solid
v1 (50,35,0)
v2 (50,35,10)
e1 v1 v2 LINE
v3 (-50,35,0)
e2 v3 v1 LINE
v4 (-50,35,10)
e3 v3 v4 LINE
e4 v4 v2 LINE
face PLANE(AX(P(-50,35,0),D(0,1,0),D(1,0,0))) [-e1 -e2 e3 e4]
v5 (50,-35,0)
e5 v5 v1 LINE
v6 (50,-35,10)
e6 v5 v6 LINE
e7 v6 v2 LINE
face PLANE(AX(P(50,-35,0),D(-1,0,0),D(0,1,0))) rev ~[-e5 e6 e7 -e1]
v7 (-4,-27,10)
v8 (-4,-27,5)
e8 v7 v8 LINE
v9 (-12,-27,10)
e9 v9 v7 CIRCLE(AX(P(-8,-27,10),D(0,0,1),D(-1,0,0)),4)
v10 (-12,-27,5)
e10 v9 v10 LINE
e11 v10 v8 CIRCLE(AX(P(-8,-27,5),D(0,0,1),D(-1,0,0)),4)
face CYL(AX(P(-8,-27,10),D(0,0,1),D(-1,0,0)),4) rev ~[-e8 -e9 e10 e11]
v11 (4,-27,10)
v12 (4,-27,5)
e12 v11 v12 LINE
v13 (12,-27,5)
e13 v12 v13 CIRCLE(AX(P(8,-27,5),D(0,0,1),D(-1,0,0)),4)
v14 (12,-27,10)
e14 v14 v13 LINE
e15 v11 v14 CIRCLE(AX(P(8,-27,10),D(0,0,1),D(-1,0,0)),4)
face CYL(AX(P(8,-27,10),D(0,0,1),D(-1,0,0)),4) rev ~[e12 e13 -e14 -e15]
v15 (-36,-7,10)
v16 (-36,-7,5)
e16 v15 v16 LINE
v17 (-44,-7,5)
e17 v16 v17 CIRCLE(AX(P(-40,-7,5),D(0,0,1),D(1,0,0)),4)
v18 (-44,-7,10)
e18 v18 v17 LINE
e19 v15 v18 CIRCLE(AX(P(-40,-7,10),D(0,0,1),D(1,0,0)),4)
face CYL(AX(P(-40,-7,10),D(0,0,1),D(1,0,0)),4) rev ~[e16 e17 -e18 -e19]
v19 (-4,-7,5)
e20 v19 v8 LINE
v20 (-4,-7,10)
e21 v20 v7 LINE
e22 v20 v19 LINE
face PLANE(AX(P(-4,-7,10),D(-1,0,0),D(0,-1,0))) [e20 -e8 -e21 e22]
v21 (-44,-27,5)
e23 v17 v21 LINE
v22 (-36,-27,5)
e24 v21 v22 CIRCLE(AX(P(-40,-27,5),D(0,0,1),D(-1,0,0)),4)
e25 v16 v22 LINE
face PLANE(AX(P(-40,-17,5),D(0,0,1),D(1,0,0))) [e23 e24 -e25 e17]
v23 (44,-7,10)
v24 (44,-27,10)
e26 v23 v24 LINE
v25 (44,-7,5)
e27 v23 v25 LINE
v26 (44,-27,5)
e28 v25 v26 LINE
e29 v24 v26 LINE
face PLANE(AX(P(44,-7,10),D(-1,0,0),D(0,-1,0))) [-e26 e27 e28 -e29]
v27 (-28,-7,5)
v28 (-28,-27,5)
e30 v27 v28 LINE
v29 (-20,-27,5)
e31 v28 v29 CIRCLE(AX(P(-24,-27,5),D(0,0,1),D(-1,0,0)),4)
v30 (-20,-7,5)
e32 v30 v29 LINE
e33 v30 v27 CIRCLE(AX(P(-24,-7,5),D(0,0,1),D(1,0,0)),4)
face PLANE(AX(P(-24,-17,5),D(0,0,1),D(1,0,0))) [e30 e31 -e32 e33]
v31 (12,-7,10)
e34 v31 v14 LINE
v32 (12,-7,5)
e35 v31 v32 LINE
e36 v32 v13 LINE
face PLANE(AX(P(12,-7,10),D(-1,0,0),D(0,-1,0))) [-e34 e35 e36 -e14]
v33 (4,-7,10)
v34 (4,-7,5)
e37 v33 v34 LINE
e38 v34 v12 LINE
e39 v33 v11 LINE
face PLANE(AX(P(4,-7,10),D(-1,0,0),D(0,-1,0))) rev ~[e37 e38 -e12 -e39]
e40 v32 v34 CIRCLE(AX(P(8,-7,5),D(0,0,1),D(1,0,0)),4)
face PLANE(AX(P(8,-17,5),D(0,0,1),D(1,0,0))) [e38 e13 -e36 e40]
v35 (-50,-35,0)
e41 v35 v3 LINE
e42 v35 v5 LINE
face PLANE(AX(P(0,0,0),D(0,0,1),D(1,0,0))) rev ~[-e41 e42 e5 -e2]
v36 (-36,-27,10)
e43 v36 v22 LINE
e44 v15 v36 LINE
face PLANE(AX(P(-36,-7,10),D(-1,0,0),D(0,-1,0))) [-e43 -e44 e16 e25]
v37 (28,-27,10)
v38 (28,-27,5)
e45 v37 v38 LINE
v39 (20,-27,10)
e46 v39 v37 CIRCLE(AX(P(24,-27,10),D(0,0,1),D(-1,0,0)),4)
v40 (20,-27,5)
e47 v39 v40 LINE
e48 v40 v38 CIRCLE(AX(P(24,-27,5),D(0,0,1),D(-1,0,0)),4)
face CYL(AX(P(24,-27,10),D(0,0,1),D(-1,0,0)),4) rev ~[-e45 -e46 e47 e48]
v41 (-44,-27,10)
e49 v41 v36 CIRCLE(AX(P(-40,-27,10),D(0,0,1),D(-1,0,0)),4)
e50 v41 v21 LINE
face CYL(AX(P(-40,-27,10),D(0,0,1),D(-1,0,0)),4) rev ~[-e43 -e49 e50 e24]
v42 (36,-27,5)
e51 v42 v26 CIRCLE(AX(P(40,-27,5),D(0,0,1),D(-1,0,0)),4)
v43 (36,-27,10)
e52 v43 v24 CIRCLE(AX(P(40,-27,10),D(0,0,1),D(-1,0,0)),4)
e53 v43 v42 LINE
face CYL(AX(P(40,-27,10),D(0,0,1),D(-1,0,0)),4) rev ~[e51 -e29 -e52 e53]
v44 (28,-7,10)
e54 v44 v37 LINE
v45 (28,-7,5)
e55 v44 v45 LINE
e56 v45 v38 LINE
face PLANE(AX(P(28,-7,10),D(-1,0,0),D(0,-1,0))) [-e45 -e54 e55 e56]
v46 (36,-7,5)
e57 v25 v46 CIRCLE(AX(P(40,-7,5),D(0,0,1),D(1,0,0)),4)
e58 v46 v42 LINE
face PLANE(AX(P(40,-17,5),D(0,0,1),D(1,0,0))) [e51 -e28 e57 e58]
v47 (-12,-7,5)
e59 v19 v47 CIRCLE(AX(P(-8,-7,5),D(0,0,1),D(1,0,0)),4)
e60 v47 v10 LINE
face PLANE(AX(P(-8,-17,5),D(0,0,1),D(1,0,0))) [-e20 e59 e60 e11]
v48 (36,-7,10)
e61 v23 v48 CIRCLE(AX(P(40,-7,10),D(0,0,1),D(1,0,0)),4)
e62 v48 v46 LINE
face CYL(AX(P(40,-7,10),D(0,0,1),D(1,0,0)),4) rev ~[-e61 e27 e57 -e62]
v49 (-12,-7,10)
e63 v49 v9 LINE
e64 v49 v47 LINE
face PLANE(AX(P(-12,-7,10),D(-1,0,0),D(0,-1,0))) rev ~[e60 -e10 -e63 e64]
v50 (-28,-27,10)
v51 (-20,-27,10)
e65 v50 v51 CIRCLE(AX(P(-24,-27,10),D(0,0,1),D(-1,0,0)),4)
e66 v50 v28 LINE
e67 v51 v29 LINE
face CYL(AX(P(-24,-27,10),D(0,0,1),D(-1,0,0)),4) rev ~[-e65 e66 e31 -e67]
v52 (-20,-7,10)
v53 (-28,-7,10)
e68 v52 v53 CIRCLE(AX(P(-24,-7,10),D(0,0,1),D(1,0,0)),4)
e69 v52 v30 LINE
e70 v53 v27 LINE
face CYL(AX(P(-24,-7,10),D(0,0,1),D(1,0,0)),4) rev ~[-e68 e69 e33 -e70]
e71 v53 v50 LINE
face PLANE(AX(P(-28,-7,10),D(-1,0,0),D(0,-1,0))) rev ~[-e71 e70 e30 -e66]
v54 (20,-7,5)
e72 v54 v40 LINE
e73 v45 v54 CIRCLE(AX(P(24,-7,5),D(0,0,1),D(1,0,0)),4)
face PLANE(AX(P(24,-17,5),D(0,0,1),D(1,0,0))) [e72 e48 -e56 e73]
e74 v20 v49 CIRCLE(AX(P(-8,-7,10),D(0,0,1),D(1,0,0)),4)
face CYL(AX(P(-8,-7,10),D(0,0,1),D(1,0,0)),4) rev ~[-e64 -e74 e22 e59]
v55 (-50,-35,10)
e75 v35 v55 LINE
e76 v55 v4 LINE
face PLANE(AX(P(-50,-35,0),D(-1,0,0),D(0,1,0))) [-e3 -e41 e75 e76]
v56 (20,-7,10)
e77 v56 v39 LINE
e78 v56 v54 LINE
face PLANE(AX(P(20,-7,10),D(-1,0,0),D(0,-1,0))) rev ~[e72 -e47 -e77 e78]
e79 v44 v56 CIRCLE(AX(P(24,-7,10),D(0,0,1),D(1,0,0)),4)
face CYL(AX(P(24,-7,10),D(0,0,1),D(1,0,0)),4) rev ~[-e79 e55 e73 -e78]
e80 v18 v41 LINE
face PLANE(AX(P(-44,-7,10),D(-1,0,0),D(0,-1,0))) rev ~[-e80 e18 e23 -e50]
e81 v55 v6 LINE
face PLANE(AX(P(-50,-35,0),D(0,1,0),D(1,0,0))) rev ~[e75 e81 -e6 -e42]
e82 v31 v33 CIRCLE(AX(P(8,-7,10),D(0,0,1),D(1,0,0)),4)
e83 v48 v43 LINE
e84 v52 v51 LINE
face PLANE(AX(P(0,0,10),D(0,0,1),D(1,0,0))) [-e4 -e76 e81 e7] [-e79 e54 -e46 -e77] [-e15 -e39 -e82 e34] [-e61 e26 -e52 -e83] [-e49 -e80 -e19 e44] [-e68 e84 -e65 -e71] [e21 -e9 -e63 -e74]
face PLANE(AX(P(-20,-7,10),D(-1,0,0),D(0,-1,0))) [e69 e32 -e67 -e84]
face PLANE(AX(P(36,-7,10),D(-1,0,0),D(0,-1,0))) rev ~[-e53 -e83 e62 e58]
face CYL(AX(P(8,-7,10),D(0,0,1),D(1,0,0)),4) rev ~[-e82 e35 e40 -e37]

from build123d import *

# Parameters (mm, degrees)
SKETCH_W            = 100
SKETCH_H            = 70
PAD_DEPTH           = 10
POCKET_DEPTH        = 5
LINEARPATTERN_COUNT = 6
LINEARPATTERN_PITCH = 16


with BuildPart() as part:
    # Sketch → Pad (new body)
    with BuildSketch(Plane.XY):
        Rectangle(SKETCH_W, SKETCH_H)
    extrude(amount=PAD_DEPTH)

    # Sketch001 (on Face6 of Pad) → Pocket (cut)
    with BuildSketch(Plane.XY.offset(10)):
        with BuildLine():
            ThreePointArc((-36, -7), (-40, -3), (-44, -7))
            Line((-44, -7), (-44, -27))
            ThreePointArc((-44, -27), (-40, -31), (-36, -27))
            Line((-36, -7), (-36, -27))
        make_face()
    pocket = extrude(amount=-POCKET_DEPTH, mode=Mode.SUBTRACT)

    # LinearPattern: Pocket ×6
    with Locations(*[(i * LINEARPATTERN_PITCH, 0, 0) for i in range(1, LINEARPATTERN_COUNT)]):
        add(pocket, mode=Mode.SUBTRACT)


solid = part.part
